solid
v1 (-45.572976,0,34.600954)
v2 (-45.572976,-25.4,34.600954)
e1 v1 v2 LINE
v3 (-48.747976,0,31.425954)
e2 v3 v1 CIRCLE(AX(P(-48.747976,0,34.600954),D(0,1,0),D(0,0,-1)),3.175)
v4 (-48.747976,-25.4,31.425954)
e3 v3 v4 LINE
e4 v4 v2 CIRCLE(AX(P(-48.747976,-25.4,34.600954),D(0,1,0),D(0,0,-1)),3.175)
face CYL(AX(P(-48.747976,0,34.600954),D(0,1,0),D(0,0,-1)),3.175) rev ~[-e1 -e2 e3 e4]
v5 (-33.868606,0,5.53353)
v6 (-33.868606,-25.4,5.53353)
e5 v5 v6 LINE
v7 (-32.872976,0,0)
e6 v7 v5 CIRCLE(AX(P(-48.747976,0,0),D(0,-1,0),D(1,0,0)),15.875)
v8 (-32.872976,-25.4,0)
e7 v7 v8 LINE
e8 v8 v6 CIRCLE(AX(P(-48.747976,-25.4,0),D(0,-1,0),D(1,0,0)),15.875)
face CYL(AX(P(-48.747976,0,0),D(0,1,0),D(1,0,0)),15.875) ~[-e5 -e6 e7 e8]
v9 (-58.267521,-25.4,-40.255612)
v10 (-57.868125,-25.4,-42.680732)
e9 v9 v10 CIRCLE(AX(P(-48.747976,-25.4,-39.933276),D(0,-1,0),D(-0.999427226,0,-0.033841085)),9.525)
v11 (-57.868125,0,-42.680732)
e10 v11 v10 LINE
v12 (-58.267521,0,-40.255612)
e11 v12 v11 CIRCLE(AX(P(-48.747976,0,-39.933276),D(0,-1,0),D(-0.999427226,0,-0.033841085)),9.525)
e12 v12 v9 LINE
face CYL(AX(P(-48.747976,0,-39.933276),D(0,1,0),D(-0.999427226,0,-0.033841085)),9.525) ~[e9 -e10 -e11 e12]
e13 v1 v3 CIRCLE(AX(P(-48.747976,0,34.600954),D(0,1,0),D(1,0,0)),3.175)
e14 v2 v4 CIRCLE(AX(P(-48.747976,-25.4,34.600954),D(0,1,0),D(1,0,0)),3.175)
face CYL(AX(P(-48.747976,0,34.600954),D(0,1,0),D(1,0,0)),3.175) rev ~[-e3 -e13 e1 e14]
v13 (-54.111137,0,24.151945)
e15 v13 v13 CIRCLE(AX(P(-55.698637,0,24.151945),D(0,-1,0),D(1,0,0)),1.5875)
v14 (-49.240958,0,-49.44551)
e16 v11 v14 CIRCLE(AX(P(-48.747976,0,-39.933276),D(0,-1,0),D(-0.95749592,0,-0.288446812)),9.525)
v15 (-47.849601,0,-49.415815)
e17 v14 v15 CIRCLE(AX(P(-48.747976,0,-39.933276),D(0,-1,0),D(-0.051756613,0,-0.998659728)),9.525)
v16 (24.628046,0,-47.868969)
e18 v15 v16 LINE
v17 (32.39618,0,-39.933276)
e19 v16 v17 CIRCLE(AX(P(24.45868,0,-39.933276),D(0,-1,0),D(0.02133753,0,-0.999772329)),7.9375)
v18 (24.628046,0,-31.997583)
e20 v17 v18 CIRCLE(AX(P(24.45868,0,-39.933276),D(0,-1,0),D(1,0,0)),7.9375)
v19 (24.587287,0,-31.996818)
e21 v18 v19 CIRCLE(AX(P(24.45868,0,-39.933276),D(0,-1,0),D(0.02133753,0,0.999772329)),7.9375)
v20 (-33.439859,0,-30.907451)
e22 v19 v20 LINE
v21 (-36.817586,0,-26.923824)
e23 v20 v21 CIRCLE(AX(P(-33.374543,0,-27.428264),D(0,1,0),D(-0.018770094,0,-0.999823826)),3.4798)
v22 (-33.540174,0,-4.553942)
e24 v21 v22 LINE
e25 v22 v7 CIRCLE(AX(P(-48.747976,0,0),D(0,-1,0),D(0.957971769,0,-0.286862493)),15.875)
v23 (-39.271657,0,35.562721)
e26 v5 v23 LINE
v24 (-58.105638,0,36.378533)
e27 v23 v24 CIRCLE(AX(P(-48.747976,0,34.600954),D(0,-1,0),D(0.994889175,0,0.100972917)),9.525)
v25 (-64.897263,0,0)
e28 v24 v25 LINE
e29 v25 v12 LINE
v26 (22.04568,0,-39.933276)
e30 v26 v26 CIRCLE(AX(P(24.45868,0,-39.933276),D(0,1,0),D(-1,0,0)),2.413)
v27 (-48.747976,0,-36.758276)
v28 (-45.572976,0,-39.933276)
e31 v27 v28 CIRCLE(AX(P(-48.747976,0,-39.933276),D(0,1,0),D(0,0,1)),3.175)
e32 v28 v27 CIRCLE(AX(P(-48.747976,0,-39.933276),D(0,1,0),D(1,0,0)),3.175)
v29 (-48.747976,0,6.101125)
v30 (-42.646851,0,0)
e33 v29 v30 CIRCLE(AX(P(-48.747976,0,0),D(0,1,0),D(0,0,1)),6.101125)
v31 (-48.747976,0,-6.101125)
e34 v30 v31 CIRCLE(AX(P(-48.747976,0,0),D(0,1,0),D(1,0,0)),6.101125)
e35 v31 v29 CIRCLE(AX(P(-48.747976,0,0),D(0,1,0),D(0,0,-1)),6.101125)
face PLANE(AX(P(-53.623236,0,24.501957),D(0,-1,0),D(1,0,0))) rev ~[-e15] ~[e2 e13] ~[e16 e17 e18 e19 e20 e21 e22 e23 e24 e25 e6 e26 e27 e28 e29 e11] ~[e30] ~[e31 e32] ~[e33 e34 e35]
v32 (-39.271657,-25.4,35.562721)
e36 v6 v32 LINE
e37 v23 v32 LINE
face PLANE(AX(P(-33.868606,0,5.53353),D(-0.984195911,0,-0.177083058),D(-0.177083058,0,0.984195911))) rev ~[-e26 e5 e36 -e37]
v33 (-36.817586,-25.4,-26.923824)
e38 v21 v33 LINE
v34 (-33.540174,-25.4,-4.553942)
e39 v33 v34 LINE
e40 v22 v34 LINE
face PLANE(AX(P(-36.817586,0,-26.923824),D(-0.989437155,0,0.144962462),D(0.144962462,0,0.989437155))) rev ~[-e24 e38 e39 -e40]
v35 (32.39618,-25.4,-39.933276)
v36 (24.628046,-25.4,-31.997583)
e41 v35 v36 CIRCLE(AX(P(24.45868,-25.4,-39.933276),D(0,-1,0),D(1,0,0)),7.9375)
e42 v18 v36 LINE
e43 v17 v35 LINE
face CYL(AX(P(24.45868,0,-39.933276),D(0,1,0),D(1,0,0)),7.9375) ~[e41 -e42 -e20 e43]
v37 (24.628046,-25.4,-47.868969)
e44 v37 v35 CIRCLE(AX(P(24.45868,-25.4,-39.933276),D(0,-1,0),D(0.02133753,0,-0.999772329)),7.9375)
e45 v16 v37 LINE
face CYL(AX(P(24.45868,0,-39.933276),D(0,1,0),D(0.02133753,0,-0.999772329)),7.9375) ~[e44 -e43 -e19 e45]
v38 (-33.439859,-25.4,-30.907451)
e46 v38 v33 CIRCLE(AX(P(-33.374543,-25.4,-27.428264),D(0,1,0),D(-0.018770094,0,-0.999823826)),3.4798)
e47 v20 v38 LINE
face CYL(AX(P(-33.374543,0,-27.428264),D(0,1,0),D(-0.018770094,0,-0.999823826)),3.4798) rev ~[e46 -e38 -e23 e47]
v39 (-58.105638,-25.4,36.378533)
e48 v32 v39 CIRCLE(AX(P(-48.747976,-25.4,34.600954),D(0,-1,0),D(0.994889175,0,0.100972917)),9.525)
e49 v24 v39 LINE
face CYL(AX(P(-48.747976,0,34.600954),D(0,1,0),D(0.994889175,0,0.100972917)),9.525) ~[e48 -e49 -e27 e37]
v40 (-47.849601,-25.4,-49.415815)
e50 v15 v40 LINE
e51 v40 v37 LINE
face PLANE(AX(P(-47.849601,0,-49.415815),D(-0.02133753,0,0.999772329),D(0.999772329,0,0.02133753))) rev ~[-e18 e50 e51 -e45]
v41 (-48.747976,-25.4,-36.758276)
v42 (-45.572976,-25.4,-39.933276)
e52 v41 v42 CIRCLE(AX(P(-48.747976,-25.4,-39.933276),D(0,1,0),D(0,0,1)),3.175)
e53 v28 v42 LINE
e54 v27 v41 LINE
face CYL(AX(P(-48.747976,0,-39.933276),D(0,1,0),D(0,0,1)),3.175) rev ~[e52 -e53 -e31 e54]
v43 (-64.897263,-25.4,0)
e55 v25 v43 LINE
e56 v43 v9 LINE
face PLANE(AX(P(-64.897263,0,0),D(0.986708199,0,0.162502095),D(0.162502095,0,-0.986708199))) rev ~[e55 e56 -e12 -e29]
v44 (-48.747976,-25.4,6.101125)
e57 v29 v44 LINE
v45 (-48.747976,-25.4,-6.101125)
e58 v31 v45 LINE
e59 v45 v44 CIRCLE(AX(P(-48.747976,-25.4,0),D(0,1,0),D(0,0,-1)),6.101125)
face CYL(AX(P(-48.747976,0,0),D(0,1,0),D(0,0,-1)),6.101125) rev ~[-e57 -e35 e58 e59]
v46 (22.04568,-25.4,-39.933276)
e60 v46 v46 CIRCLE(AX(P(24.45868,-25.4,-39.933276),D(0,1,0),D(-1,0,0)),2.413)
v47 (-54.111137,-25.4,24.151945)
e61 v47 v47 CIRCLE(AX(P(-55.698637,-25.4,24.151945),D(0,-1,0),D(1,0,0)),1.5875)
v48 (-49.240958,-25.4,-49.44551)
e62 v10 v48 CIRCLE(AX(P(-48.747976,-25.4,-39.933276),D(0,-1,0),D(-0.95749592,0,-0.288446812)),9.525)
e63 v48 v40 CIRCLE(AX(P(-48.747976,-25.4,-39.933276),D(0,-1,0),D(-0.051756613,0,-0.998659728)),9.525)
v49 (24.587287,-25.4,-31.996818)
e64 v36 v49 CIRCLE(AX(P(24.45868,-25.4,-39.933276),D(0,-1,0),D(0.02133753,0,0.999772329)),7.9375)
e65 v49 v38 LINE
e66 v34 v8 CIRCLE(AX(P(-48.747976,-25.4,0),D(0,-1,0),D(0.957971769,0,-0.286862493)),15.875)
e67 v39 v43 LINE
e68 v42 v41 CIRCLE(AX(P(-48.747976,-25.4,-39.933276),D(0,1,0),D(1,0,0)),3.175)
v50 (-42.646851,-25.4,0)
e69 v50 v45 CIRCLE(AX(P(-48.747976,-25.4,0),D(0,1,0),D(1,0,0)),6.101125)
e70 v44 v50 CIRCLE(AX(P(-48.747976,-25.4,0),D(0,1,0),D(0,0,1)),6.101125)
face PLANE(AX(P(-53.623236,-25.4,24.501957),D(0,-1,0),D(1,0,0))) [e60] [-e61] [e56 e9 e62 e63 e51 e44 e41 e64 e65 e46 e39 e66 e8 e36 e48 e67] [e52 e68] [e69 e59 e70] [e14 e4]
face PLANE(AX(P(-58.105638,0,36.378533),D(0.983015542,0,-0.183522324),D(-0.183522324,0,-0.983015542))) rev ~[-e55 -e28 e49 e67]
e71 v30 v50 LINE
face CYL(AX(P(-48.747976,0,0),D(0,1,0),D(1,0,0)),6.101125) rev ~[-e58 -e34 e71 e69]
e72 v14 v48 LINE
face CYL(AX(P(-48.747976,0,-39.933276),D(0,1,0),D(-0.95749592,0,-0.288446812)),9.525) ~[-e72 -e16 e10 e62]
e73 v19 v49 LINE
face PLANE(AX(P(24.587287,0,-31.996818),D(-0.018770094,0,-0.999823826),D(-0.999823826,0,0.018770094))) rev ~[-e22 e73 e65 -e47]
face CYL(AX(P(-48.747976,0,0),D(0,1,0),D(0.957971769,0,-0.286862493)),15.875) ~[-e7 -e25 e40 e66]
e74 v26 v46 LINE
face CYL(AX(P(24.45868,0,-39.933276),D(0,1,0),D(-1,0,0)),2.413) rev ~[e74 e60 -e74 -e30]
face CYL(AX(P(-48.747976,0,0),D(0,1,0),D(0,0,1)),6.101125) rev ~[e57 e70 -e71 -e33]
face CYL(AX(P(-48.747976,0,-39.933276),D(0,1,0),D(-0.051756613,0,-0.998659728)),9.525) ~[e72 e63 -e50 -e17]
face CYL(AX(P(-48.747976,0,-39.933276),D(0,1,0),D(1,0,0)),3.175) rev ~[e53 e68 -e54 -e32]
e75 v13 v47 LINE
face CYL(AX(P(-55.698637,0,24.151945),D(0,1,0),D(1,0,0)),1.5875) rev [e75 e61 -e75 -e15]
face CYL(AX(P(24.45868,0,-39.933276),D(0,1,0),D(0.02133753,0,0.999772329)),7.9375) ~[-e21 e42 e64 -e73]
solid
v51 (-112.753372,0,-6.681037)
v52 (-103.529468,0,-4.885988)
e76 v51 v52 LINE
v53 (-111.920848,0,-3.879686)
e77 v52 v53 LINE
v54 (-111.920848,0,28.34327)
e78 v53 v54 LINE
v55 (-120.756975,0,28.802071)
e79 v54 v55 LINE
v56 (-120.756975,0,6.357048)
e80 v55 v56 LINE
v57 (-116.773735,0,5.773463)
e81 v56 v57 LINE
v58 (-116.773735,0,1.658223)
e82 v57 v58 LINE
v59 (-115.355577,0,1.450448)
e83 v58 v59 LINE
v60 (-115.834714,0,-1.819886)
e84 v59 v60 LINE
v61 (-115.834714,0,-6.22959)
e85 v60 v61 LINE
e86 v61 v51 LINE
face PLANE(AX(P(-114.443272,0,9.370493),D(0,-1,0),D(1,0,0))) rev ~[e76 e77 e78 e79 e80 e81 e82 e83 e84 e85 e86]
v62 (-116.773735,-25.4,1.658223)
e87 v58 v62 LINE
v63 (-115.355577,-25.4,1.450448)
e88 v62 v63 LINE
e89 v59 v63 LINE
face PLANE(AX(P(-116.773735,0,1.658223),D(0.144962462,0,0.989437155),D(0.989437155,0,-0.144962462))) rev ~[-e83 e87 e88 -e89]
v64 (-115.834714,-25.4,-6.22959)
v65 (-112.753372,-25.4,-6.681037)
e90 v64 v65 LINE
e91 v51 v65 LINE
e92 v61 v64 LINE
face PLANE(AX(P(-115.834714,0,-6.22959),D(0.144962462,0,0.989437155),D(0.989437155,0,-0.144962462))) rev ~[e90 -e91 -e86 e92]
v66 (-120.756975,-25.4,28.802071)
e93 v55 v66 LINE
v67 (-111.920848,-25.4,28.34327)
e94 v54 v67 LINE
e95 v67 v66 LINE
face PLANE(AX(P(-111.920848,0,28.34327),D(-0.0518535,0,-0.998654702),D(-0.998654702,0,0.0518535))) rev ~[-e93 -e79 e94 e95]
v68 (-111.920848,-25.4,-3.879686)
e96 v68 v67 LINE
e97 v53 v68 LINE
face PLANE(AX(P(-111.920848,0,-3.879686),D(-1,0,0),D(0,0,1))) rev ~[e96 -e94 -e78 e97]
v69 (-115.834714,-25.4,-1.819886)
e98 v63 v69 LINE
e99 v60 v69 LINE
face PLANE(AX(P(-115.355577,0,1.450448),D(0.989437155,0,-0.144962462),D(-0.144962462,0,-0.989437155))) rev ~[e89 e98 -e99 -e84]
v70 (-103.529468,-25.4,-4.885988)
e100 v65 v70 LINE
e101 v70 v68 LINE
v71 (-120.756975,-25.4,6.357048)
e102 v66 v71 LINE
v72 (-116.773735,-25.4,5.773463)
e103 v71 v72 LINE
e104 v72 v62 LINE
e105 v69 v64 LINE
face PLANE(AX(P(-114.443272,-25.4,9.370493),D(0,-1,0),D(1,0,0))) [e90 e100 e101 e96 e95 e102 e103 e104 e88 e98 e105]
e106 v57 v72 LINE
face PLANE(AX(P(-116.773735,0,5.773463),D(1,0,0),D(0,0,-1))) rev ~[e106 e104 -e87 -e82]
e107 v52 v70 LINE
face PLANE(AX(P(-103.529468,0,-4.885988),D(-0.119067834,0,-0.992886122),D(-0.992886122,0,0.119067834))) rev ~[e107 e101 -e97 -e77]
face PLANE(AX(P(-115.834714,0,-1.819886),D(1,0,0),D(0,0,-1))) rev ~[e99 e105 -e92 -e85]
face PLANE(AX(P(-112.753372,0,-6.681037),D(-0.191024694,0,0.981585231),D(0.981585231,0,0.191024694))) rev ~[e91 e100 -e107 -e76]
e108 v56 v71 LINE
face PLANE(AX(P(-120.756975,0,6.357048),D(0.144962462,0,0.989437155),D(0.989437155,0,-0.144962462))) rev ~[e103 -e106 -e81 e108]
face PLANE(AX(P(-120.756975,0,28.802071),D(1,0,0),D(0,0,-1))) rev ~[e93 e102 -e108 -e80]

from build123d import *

# Parameters (mm, degrees)
F0_R     = 1.5875
F1_DEPTH = 25.4


with BuildPart() as f1:
    # F0 (on Front) → F1 (new body)
    with BuildSketch(Plane.XZ):
        with BuildLine():
            Line((-48.7479762085, 15.875), (-48.7479762085, 25.0759535181))
            ThreePointArc((-48.7479762085, 25.0759535181), (-42.0127841177, 27.8657614273), (-39.2229762085, 34.6009535181))
            ThreePointArc((-39.2229762085, 34.6009535181), (-39.2351541461, 35.0824526452), (-39.2716568193, 35.5627205562))
            ThreePointArc((-39.2716568193, 35.5627205562), (-48.3357779604, 44.117030315), (-58.1056381014, 36.3785330232))
            Line((-58.1056381014, 36.3785330232), (-64.3533481261, 2.9134159182))
            ThreePointArc((-64.3533481261, 2.9134159182), (-58.8910809427, 12.2120043953), (-48.7479762085, 15.875))
        make_face()
        with Locations((-55.6986369193, 24.1519454867)):
            Circle(F0_R, mode=Mode.SUBTRACT)
        with BuildLine():
            ThreePointArc((-45.5729762085, 34.6009535181), (-46.5029121782, 32.3558894879), (-48.7479762085, 31.4259535181))
            ThreePointArc((-48.7479762085, 31.4259535181), (-50.9930402387, 36.8460175484), (-45.5729762085, 34.6009535181))
        make_face(mode=Mode.SUBTRACT)
        with BuildLine():
            ThreePointArc((-39.2229762085, 34.6009535181), (-42.0127841177, 27.8657614273), (-48.7479762085, 25.0759535181))
            Line((-48.7479762085, 25.0759535181), (-48.7479762085, 15.875))
            ThreePointArc((-48.7479762085, 15.875), (-39.6878760333, 13.0357282043), (-33.868605703, 5.5335303704))
            Line((-33.868605703, 5.5335303704), (-39.2716568193, 35.5627205562))
            ThreePointArc((-39.2716568193, 35.5627205562), (-39.2351541461, 35.0824526452), (-39.2229762085, 34.6009535181))
        make_face()
        with BuildLine():
            ThreePointArc((32.3961796028, -39.933275998), (30.1309037702, -34.3808189523), (24.6280462499, -31.9975831367))
            ThreePointArc((24.6280462499, -31.9975831367), (18.9062225571, -34.2610518306), (16.5211796028, -39.933275998))
            ThreePointArc((16.5211796028, -39.933275998), (18.9062225571, -45.6055001655), (24.6280462499, -47.8689688593))
            ThreePointArc((24.6280462499, -47.8689688593), (30.1309037702, -45.4857330437), (32.3961796028, -39.933275998))
        make_face()
        with BuildLine():
            ThreePointArc((26.8716796028, -39.933275998), (24.4586796028, -42.346275998), (22.0456796028, -39.933275998))
            ThreePointArc((22.0456796028, -39.933275998), (24.4586796028, -37.520275998), (26.8716796028, -39.933275998))
        make_face(mode=Mode.SUBTRACT)
        with BuildLine():
            ThreePointArc((-33.868605703, 5.5335303704), (-39.6878760333, 13.0357282043), (-48.7479762085, 15.875))
            Line((-48.7479762085, 15.875), (-48.7479762085, 6.1011248599))
            ThreePointArc((-48.7479762085, 6.1011248599), (-44.4338294471, 4.3141467613), (-42.6468513485, 0))
            ThreePointArc((-42.6468513485, 0), (-44.4338294471, -4.3141467613), (-48.7479762085, -6.1011248599))
            Line((-48.7479762085, -6.1011248599), (-48.7479762085, -15.875))
            ThreePointArc((-48.7479762085, -15.875), (-39.2684774176, -12.7339988878), (-33.5401743742, -4.5539420692))
            Line((-33.5401743742, -4.5539420692), (-32.8729762085, 0))
            Line((-32.8729762085, 0), (-33.868605703, 5.5335303704))
        make_face()
        with BuildLine():
            Line((-48.7479762085, 6.1011248599), (-48.7479762085, 15.875))
            ThreePointArc((-48.7479762085, 15.875), (-58.8910809427, 12.2120043953), (-64.3533481261, 2.9134159182))
            ThreePointArc((-64.3533481261, 2.9134159182), (-60.9599806037, -10.1431047342), (-48.7479762085, -15.875))
            Line((-48.7479762085, -15.875), (-48.7479762085, -6.1011248599))
            ThreePointArc((-48.7479762085, -6.1011248599), (-54.8491010684, 0), (-48.7479762085, 6.1011248599))
        make_face()
        with BuildLine():
            ThreePointArc((-32.8729762085, 0), (-33.1238661254, 2.8111935388), (-33.868605703, 5.5335303704))
            Line((-33.868605703, 5.5335303704), (-32.8729762085, 0))
        make_face()
        with BuildLine():
            ThreePointArc((-48.7479762085, -15.875), (-60.9599806037, -10.1431047342), (-64.3533481261, 2.9134159182))
            Line((-64.3533481261, 2.9134159182), (-64.8972630863, 0))
            Line((-64.8972630863, 0), (-58.2675205403, -40.2556123347))
            ThreePointArc((-58.2675205403, -40.2556123347), (-55.5961832222, -33.3130278383), (-48.7479762085, -30.408275998))
            Line((-48.7479762085, -30.408275998), (-48.7479762085, -15.875))
        make_face()
        with BuildLine():
            ThreePointArc((-33.5401743742, -4.5539420692), (-33.040661366, -2.3012790879), (-32.8729762085, 0))
            Line((-32.8729762085, 0), (-33.5401743742, -4.5539420692))
        make_face()
        with BuildLine():
            ThreePointArc((-33.5401743742, -4.5539420692), (-39.2684774176, -12.7339988878), (-48.7479762085, -15.875))
            Line((-48.7479762085, -15.875), (-48.7479762085, -30.408275998))
            ThreePointArc((-48.7479762085, -30.408275998), (-42.0127841177, -33.1980839072), (-39.2229762085, -39.933275998))
            Line((-39.2229762085, -39.933275998), (0, -39.933275998))
            Line((0, -39.933275998), (16.5211796028, -39.933275998))
            ThreePointArc((16.5211796028, -39.933275998), (18.9062225571, -34.2610518306), (24.6280462499, -31.9975831367))
            Line((24.6280462499, -31.9975831367), (-33.439859048, -30.9074510217))
            ThreePointArc((-33.439859048, -30.9074510217), (-36.0286846217, -29.6787172746), (-36.8175862871, -26.923823695))
            Line((-36.8175862871, -26.923823695), (-33.5401743742, -4.5539420692))
        make_face()
        with BuildLine():
            Line((-48.7479762085, -36.758275998), (-48.7479762085, -30.408275998))
            ThreePointArc((-48.7479762085, -30.408275998), (-55.5961832222, -33.3130278383), (-58.2675205403, -40.2556123347))
            Line((-58.2675205403, -40.2556123347), (-57.8681248462, -42.6807318806))
            ThreePointArc((-57.8681248462, -42.6807318806), (-54.6253586488, -47.4287413372), (-49.2409579456, -49.4455099106))
            Line((-49.2409579456, -49.4455099106), (-47.849600631, -49.415815021))
            ThreePointArc((-47.849600631, -49.415815021), (-41.7023161125, -46.3429794867), (-39.2229762085, -39.933275998))
            Line((-39.2229762085, -39.933275998), (-45.5729762085, -39.933275998))
            ThreePointArc((-45.5729762085, -39.933275998), (-50.9930402387, -42.1783400283), (-48.7479762085, -36.758275998))
        make_face()
        with BuildLine():
            Line((-57.8681248462, -42.6807318806), (-58.2675205403, -40.2556123347))
            ThreePointArc((-58.2675205403, -40.2556123347), (-58.1463718004, -41.4811084494), (-57.8681248462, -42.6807318806))
        make_face()
        with BuildLine():
            Line((0, -39.933275998), (-39.2229762085, -39.933275998))
            ThreePointArc((-39.2229762085, -39.933275998), (-41.7023161125, -46.3429794867), (-47.849600631, -49.415815021))
            Line((-47.849600631, -49.415815021), (24.6280462499, -47.8689688593))
            ThreePointArc((24.6280462499, -47.8689688593), (18.9062225571, -45.6055001655), (16.5211796028, -39.933275998))
            Line((16.5211796028, -39.933275998), (0, -39.933275998))
        make_face()
        with BuildLine():
            ThreePointArc((-49.2409579456, -49.4455099106), (-48.5447362319, -49.4561074316), (-47.849600631, -49.415815021))
            Line((-47.849600631, -49.415815021), (-49.2409579456, -49.4455099106))
        make_face()
        with BuildLine():
            ThreePointArc((-39.2229762085, -39.933275998), (-42.0127841177, -33.1980839072), (-48.7479762085, -30.408275998))
            Line((-48.7479762085, -30.408275998), (-48.7479762085, -36.758275998))
            ThreePointArc((-48.7479762085, -36.758275998), (-46.5029121782, -37.6882119678), (-45.5729762085, -39.933275998))
            Line((-45.5729762085, -39.933275998), (-39.2229762085, -39.933275998))
        make_face()
    extrude(amount=F1_DEPTH)


with BuildPart() as f1b:
    # F0 (on Front) → F1, piece 2 (new body)
    with BuildSketch(Plane.XZ):
        Polygon((-103.5294681787, -4.88598831), (-111.9208484888, -3.879686119), (-111.9208484888, 28.3432696015), (-120.7569746237, 28.802070892), (-120.7569746237, 6.3570477068), (-116.7737345093, 5.7734630987), (-116.7737345093, 3.5043251701), (-116.7737345093, 1.6582227545), (-115.3555769193, 1.4504484507), (-115.8347137636, -1.819886428), (-115.8347137636, -6.2295896932), (-112.7533720893, -6.6810371385), align=None)
    extrude(amount=F1_DEPTH)


solid = Compound([f1.part, f1b.part])
